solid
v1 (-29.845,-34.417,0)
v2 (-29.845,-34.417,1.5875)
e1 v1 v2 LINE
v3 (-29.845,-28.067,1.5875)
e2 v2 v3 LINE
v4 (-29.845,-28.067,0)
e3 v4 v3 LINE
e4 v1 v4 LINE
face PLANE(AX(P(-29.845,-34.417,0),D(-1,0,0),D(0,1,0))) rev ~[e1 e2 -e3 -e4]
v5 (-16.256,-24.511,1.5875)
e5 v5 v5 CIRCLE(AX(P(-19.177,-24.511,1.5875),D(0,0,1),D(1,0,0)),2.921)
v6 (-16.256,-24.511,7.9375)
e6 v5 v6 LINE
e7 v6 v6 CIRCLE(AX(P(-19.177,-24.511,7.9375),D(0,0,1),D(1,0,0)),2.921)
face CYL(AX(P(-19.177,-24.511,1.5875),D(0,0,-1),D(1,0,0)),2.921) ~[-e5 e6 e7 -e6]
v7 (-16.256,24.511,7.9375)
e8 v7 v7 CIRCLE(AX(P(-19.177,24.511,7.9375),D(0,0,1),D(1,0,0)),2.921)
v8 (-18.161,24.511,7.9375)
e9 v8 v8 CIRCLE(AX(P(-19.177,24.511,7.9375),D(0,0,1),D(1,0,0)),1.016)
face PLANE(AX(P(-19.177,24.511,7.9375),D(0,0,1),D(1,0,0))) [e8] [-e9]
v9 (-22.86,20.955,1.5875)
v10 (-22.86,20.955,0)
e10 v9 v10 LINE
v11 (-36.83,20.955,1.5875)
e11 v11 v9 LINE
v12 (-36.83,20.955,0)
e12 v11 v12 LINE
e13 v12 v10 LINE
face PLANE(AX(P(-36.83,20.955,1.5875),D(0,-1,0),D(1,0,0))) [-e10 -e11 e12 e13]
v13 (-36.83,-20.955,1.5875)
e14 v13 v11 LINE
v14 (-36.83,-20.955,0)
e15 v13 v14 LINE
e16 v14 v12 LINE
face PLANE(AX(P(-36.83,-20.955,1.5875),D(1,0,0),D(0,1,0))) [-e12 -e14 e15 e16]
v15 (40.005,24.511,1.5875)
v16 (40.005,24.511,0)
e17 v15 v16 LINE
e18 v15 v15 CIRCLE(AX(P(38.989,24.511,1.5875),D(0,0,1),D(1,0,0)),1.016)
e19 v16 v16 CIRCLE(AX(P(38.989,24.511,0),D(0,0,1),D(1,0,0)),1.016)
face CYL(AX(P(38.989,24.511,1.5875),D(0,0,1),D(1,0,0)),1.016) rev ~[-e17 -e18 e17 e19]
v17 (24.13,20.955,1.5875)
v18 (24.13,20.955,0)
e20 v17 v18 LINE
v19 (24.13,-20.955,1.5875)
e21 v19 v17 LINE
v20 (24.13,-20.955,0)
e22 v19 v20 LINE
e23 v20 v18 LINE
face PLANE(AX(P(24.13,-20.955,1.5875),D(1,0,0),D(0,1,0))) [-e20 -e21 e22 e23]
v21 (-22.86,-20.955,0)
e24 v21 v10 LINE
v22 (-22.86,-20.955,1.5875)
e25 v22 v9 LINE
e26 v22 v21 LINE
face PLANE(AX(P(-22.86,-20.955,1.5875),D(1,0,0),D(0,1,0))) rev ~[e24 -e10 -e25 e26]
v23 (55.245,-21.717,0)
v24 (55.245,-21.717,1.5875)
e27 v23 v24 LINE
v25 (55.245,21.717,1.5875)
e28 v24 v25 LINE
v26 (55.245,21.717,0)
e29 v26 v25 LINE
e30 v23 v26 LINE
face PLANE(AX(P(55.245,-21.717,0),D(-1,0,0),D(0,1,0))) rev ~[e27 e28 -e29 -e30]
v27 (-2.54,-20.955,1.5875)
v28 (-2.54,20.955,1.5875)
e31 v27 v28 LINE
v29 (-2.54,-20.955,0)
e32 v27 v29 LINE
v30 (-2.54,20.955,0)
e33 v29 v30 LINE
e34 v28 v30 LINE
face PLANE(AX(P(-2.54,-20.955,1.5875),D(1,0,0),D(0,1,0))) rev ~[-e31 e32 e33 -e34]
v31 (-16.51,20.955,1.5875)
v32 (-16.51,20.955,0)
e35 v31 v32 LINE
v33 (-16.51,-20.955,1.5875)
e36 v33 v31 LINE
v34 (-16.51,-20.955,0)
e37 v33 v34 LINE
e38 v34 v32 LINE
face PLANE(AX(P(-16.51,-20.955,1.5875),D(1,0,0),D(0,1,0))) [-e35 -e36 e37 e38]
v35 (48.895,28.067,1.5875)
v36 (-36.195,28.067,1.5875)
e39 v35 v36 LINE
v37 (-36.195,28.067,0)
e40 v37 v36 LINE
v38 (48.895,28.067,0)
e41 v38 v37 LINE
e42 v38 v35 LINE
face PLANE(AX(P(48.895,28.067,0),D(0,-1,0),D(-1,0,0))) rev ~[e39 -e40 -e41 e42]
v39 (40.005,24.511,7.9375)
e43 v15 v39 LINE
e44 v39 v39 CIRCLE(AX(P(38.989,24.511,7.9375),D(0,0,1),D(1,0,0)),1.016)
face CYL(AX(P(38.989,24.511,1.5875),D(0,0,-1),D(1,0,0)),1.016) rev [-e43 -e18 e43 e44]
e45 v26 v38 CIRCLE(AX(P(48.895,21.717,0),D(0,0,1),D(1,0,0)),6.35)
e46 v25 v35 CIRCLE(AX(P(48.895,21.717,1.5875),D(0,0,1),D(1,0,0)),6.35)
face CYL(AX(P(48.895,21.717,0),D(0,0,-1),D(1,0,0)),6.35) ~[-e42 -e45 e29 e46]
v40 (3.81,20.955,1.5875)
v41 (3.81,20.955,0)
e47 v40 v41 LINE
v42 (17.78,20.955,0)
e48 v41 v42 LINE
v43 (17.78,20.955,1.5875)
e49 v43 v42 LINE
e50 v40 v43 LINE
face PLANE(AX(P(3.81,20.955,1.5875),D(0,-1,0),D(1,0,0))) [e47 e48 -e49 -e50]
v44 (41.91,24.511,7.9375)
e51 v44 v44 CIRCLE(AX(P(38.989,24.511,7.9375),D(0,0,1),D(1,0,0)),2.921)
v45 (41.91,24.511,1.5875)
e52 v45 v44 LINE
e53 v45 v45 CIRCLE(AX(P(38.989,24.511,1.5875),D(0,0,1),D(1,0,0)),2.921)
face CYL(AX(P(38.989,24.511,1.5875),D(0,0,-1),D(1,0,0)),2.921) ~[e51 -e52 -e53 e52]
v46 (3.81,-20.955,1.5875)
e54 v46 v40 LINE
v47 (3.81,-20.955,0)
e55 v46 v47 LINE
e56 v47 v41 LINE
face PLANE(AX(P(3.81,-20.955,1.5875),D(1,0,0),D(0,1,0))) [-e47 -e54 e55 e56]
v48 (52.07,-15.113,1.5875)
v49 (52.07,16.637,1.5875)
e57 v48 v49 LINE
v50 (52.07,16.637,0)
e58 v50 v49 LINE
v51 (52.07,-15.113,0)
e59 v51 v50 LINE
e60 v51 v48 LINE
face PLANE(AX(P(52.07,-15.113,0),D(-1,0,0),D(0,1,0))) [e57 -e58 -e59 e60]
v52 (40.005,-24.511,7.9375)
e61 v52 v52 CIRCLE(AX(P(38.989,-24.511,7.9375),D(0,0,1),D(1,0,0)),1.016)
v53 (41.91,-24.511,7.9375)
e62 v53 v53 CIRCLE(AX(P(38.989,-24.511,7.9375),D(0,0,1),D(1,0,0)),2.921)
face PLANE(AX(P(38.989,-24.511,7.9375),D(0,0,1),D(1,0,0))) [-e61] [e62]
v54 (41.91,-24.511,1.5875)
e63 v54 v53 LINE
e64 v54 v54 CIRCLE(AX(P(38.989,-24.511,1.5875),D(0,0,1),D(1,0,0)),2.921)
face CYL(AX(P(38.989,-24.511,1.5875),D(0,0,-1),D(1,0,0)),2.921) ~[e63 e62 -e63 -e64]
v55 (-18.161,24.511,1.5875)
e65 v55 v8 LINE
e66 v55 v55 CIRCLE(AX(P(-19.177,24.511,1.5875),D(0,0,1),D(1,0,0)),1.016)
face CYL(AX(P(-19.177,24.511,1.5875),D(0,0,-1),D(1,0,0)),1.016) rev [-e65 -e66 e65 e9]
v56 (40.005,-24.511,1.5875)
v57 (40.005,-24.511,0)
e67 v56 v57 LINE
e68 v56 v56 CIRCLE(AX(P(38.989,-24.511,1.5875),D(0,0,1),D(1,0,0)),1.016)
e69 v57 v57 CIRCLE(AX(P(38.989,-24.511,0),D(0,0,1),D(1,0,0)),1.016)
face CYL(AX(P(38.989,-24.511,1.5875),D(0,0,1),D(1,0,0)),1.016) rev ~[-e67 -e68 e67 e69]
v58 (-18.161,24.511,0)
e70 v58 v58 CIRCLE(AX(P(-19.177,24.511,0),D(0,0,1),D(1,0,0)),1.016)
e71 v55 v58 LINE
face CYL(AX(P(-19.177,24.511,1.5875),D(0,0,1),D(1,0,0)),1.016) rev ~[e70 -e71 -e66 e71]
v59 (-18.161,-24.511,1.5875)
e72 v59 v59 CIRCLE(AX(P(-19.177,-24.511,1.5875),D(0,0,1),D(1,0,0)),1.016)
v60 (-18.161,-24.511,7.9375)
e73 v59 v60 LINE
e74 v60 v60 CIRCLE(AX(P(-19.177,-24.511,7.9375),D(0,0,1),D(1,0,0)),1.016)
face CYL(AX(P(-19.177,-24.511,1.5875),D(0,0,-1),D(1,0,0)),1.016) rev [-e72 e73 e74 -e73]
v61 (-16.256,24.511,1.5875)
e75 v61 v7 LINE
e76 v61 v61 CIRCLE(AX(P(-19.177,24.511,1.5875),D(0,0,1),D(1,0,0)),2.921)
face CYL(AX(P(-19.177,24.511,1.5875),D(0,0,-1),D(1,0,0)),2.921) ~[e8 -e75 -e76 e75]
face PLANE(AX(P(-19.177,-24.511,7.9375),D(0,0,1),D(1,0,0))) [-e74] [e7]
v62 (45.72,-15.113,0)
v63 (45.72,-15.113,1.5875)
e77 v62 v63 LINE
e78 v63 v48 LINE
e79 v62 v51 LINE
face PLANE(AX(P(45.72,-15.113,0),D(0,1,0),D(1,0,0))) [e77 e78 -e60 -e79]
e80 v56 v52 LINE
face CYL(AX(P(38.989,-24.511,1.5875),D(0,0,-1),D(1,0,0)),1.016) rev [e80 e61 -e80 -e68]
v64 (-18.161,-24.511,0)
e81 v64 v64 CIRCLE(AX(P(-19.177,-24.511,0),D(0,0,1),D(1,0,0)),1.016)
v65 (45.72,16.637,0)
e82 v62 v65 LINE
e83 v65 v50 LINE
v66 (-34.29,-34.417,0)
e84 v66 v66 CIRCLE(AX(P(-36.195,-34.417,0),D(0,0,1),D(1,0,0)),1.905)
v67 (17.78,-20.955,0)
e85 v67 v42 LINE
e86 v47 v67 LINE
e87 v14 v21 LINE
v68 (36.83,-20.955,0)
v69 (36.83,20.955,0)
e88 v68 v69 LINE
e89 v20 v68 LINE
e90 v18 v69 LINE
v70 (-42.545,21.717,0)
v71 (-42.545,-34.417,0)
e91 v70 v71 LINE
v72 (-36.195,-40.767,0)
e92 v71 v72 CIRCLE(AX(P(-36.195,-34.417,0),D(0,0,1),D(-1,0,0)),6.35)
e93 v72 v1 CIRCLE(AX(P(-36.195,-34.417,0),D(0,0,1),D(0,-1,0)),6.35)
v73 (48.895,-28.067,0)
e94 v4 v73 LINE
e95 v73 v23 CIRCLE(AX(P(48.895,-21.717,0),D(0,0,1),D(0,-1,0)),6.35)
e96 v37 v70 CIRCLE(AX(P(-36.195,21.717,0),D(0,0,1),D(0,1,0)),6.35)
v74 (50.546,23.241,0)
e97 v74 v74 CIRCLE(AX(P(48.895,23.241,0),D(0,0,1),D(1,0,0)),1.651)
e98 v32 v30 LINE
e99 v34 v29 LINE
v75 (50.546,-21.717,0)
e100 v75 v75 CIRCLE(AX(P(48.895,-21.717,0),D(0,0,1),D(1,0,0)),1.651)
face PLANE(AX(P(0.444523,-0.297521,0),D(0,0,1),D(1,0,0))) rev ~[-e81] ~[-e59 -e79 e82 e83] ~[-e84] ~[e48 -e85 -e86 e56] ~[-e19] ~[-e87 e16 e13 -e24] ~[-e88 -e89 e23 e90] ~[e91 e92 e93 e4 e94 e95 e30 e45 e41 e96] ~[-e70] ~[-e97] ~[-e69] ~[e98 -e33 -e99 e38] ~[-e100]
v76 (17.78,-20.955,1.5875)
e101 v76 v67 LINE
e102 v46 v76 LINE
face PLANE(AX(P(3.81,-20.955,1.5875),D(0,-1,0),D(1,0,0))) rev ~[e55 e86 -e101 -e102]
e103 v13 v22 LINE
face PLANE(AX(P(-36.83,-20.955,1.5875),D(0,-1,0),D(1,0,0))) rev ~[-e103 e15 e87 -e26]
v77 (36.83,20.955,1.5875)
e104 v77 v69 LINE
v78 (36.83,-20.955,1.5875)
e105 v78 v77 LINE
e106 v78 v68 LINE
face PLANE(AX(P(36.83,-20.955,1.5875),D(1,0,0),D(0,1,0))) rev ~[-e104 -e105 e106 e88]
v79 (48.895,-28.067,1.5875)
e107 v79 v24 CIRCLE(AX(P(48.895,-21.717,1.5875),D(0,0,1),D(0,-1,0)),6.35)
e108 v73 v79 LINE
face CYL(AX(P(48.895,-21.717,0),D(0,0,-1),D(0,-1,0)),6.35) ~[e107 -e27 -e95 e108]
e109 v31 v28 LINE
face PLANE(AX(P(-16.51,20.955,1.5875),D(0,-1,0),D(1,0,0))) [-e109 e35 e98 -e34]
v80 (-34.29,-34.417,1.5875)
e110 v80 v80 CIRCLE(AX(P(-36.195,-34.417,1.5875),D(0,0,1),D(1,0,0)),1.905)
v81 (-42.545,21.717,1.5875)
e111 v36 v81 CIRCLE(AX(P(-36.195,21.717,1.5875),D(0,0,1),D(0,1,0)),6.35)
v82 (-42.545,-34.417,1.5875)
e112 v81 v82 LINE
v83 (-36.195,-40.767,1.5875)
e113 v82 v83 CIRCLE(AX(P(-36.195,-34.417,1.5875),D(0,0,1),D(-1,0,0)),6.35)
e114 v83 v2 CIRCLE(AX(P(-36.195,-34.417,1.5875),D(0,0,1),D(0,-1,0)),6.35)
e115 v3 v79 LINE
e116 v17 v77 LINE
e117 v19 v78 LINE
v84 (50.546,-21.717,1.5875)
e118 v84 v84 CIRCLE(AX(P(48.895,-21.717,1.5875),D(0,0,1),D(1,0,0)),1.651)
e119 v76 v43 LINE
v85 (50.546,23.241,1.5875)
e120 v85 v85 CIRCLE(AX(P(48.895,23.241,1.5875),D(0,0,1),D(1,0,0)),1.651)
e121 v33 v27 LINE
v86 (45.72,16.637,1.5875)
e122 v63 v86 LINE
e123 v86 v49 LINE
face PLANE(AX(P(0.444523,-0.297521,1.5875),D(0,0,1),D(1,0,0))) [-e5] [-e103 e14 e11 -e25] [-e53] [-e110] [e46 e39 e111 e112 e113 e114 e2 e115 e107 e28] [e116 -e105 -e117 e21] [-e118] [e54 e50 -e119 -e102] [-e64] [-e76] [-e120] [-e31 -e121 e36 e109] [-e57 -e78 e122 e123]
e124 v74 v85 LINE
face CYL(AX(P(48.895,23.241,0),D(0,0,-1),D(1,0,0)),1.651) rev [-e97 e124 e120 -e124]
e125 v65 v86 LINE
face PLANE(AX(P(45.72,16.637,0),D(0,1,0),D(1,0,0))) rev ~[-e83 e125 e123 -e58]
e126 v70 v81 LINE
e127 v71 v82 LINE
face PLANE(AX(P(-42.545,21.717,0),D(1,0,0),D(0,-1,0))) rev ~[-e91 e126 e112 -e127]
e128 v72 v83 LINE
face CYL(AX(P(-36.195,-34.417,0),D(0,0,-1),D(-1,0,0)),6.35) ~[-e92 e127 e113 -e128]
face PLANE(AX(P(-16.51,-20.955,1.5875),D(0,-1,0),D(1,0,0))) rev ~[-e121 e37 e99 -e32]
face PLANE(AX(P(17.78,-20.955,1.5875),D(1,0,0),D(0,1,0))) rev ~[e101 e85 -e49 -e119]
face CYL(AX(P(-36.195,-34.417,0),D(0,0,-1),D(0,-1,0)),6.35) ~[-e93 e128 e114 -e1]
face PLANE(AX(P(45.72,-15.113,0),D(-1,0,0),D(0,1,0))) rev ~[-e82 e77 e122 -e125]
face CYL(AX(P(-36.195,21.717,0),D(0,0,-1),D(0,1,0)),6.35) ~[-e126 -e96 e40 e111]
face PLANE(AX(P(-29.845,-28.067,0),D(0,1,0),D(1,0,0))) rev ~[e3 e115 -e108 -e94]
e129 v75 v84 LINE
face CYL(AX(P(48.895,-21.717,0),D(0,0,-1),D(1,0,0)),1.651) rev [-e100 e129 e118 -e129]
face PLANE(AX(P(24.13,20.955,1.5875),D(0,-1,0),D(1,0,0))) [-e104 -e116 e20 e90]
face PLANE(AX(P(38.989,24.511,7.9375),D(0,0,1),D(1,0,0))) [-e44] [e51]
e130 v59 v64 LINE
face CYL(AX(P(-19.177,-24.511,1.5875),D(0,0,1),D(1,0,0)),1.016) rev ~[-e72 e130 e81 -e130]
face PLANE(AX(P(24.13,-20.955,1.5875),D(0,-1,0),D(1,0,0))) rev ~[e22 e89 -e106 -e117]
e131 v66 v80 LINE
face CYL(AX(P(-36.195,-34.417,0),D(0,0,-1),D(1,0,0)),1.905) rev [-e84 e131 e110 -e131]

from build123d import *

# Parameters (mm, degrees)
F0_R     = 1.651
F0_W     = 6.35
F0_H     = 31.75
F0_R_2   = 1.905
F1_DEPTH = 1.5875
F2_W     = 12.7
F2_H     = 41.91
F2_W_2   = 13.97
F3_DEPTH = 6.35
F4_R     = 2.921
F4_R_2   = 1.016
F5_DEPTH = 6.35
F6_DEPTH = 6.35


with BuildPart() as f1:
    # F0 (on Top) → F1 (new body)
    with BuildSketch(Plane.XY):
        with BuildLine():
            Line((42.545, -28.067), (42.545, 28.067))
            Line((42.545, 28.067), (-36.195, 28.067))
            ThreePointArc((-36.195, 28.067), (-40.6851280605, 26.2071280605), (-42.545, 21.717))
            Line((-42.545, 21.717), (-42.545, -28.067))
            Line((-42.545, -28.067), (-29.845, -28.067))
            Line((-29.845, -28.067), (42.545, -28.067))
        make_face()
        with BuildLine():
            Line((48.895, 28.067), (42.545, 28.067))
            Line((42.545, 28.067), (42.545, -28.067))
            Line((42.545, -28.067), (48.895, -28.067))
            ThreePointArc((48.895, -28.067), (53.3851280605, -26.2071280605), (55.245, -21.717))
            Line((55.245, -21.717), (55.245, 21.717))
            ThreePointArc((55.245, 21.717), (53.3851280605, 26.2071280605), (48.895, 28.067))
        make_face()
        with Locations((48.895, -21.717)):
            Circle(F0_R, mode=Mode.SUBTRACT)
        with Locations((48.895, 0.762)):
            Rectangle(F0_W, F0_H, mode=Mode.SUBTRACT)
        with Locations((48.895, 23.241)):
            Circle(F0_R, mode=Mode.SUBTRACT)
        with BuildLine():
            Line((-29.845, -34.417), (-29.845, -28.067))
            Line((-29.845, -28.067), (-42.545, -28.067))
            Line((-42.545, -28.067), (-42.545, -34.417))
            ThreePointArc((-42.545, -34.417), (-40.6851280605, -38.9071280605), (-36.195, -40.767))
            ThreePointArc((-36.195, -40.767), (-31.7048719395, -38.9071280605), (-29.845, -34.417))
        make_face()
        with Locations((-36.195, -34.417)):
            Circle(F0_R_2, mode=Mode.SUBTRACT)
    extrude(amount=F1_DEPTH)

    # F2 (on face) → F3 (cut)
    with BuildSketch(Plane.XY.offset(1.5875)):
        with Locations((30.48, 0)):
            Rectangle(F2_W, F2_H)
        with Locations((10.795, 0)):
            Rectangle(F2_W_2, F2_H)
        with Locations((-9.525, 0)):
            Rectangle(F2_W_2, F2_H)
        with Locations((-29.845, 0)):
            Rectangle(F2_W_2, F2_H)
    extrude(amount=-F3_DEPTH, mode=Mode.SUBTRACT)

    # F4 (on face) → F5 (join)
    with BuildSketch(Plane.XY.offset(1.5875)):
        with Locations((38.989, 24.511)):
            Circle(F4_R)
        with Locations((38.989, 24.511)):
            Circle(F4_R_2, mode=Mode.SUBTRACT)
        with Locations((38.989, -24.511)):
            Circle(F4_R)
        with Locations((38.989, -24.511)):
            Circle(F4_R_2, mode=Mode.SUBTRACT)
        with Locations((-19.177, 24.511)):
            Circle(F4_R)
        with Locations((-19.177, 24.511)):
            Circle(F4_R_2, mode=Mode.SUBTRACT)
        with Locations((-19.177, -24.511)):
            Circle(F4_R)
        with Locations((-19.177, -24.511)):
            Circle(F4_R_2, mode=Mode.SUBTRACT)
    extrude(amount=F5_DEPTH)

    # F4 (on face) → F6 (cut)
    with BuildSketch(Plane.XY.offset(1.5875)):
        with Locations((38.989, -24.511)):
            Circle(F4_R_2)
        with Locations((-19.177, 24.511)):
            Circle(F4_R_2)
        with Locations((38.989, 24.511)):
            Circle(F4_R_2)
        with Locations((-19.177, -24.511)):
            Circle(F4_R_2)
    extrude(amount=-F6_DEPTH, mode=Mode.SUBTRACT)


solid = f1.part
